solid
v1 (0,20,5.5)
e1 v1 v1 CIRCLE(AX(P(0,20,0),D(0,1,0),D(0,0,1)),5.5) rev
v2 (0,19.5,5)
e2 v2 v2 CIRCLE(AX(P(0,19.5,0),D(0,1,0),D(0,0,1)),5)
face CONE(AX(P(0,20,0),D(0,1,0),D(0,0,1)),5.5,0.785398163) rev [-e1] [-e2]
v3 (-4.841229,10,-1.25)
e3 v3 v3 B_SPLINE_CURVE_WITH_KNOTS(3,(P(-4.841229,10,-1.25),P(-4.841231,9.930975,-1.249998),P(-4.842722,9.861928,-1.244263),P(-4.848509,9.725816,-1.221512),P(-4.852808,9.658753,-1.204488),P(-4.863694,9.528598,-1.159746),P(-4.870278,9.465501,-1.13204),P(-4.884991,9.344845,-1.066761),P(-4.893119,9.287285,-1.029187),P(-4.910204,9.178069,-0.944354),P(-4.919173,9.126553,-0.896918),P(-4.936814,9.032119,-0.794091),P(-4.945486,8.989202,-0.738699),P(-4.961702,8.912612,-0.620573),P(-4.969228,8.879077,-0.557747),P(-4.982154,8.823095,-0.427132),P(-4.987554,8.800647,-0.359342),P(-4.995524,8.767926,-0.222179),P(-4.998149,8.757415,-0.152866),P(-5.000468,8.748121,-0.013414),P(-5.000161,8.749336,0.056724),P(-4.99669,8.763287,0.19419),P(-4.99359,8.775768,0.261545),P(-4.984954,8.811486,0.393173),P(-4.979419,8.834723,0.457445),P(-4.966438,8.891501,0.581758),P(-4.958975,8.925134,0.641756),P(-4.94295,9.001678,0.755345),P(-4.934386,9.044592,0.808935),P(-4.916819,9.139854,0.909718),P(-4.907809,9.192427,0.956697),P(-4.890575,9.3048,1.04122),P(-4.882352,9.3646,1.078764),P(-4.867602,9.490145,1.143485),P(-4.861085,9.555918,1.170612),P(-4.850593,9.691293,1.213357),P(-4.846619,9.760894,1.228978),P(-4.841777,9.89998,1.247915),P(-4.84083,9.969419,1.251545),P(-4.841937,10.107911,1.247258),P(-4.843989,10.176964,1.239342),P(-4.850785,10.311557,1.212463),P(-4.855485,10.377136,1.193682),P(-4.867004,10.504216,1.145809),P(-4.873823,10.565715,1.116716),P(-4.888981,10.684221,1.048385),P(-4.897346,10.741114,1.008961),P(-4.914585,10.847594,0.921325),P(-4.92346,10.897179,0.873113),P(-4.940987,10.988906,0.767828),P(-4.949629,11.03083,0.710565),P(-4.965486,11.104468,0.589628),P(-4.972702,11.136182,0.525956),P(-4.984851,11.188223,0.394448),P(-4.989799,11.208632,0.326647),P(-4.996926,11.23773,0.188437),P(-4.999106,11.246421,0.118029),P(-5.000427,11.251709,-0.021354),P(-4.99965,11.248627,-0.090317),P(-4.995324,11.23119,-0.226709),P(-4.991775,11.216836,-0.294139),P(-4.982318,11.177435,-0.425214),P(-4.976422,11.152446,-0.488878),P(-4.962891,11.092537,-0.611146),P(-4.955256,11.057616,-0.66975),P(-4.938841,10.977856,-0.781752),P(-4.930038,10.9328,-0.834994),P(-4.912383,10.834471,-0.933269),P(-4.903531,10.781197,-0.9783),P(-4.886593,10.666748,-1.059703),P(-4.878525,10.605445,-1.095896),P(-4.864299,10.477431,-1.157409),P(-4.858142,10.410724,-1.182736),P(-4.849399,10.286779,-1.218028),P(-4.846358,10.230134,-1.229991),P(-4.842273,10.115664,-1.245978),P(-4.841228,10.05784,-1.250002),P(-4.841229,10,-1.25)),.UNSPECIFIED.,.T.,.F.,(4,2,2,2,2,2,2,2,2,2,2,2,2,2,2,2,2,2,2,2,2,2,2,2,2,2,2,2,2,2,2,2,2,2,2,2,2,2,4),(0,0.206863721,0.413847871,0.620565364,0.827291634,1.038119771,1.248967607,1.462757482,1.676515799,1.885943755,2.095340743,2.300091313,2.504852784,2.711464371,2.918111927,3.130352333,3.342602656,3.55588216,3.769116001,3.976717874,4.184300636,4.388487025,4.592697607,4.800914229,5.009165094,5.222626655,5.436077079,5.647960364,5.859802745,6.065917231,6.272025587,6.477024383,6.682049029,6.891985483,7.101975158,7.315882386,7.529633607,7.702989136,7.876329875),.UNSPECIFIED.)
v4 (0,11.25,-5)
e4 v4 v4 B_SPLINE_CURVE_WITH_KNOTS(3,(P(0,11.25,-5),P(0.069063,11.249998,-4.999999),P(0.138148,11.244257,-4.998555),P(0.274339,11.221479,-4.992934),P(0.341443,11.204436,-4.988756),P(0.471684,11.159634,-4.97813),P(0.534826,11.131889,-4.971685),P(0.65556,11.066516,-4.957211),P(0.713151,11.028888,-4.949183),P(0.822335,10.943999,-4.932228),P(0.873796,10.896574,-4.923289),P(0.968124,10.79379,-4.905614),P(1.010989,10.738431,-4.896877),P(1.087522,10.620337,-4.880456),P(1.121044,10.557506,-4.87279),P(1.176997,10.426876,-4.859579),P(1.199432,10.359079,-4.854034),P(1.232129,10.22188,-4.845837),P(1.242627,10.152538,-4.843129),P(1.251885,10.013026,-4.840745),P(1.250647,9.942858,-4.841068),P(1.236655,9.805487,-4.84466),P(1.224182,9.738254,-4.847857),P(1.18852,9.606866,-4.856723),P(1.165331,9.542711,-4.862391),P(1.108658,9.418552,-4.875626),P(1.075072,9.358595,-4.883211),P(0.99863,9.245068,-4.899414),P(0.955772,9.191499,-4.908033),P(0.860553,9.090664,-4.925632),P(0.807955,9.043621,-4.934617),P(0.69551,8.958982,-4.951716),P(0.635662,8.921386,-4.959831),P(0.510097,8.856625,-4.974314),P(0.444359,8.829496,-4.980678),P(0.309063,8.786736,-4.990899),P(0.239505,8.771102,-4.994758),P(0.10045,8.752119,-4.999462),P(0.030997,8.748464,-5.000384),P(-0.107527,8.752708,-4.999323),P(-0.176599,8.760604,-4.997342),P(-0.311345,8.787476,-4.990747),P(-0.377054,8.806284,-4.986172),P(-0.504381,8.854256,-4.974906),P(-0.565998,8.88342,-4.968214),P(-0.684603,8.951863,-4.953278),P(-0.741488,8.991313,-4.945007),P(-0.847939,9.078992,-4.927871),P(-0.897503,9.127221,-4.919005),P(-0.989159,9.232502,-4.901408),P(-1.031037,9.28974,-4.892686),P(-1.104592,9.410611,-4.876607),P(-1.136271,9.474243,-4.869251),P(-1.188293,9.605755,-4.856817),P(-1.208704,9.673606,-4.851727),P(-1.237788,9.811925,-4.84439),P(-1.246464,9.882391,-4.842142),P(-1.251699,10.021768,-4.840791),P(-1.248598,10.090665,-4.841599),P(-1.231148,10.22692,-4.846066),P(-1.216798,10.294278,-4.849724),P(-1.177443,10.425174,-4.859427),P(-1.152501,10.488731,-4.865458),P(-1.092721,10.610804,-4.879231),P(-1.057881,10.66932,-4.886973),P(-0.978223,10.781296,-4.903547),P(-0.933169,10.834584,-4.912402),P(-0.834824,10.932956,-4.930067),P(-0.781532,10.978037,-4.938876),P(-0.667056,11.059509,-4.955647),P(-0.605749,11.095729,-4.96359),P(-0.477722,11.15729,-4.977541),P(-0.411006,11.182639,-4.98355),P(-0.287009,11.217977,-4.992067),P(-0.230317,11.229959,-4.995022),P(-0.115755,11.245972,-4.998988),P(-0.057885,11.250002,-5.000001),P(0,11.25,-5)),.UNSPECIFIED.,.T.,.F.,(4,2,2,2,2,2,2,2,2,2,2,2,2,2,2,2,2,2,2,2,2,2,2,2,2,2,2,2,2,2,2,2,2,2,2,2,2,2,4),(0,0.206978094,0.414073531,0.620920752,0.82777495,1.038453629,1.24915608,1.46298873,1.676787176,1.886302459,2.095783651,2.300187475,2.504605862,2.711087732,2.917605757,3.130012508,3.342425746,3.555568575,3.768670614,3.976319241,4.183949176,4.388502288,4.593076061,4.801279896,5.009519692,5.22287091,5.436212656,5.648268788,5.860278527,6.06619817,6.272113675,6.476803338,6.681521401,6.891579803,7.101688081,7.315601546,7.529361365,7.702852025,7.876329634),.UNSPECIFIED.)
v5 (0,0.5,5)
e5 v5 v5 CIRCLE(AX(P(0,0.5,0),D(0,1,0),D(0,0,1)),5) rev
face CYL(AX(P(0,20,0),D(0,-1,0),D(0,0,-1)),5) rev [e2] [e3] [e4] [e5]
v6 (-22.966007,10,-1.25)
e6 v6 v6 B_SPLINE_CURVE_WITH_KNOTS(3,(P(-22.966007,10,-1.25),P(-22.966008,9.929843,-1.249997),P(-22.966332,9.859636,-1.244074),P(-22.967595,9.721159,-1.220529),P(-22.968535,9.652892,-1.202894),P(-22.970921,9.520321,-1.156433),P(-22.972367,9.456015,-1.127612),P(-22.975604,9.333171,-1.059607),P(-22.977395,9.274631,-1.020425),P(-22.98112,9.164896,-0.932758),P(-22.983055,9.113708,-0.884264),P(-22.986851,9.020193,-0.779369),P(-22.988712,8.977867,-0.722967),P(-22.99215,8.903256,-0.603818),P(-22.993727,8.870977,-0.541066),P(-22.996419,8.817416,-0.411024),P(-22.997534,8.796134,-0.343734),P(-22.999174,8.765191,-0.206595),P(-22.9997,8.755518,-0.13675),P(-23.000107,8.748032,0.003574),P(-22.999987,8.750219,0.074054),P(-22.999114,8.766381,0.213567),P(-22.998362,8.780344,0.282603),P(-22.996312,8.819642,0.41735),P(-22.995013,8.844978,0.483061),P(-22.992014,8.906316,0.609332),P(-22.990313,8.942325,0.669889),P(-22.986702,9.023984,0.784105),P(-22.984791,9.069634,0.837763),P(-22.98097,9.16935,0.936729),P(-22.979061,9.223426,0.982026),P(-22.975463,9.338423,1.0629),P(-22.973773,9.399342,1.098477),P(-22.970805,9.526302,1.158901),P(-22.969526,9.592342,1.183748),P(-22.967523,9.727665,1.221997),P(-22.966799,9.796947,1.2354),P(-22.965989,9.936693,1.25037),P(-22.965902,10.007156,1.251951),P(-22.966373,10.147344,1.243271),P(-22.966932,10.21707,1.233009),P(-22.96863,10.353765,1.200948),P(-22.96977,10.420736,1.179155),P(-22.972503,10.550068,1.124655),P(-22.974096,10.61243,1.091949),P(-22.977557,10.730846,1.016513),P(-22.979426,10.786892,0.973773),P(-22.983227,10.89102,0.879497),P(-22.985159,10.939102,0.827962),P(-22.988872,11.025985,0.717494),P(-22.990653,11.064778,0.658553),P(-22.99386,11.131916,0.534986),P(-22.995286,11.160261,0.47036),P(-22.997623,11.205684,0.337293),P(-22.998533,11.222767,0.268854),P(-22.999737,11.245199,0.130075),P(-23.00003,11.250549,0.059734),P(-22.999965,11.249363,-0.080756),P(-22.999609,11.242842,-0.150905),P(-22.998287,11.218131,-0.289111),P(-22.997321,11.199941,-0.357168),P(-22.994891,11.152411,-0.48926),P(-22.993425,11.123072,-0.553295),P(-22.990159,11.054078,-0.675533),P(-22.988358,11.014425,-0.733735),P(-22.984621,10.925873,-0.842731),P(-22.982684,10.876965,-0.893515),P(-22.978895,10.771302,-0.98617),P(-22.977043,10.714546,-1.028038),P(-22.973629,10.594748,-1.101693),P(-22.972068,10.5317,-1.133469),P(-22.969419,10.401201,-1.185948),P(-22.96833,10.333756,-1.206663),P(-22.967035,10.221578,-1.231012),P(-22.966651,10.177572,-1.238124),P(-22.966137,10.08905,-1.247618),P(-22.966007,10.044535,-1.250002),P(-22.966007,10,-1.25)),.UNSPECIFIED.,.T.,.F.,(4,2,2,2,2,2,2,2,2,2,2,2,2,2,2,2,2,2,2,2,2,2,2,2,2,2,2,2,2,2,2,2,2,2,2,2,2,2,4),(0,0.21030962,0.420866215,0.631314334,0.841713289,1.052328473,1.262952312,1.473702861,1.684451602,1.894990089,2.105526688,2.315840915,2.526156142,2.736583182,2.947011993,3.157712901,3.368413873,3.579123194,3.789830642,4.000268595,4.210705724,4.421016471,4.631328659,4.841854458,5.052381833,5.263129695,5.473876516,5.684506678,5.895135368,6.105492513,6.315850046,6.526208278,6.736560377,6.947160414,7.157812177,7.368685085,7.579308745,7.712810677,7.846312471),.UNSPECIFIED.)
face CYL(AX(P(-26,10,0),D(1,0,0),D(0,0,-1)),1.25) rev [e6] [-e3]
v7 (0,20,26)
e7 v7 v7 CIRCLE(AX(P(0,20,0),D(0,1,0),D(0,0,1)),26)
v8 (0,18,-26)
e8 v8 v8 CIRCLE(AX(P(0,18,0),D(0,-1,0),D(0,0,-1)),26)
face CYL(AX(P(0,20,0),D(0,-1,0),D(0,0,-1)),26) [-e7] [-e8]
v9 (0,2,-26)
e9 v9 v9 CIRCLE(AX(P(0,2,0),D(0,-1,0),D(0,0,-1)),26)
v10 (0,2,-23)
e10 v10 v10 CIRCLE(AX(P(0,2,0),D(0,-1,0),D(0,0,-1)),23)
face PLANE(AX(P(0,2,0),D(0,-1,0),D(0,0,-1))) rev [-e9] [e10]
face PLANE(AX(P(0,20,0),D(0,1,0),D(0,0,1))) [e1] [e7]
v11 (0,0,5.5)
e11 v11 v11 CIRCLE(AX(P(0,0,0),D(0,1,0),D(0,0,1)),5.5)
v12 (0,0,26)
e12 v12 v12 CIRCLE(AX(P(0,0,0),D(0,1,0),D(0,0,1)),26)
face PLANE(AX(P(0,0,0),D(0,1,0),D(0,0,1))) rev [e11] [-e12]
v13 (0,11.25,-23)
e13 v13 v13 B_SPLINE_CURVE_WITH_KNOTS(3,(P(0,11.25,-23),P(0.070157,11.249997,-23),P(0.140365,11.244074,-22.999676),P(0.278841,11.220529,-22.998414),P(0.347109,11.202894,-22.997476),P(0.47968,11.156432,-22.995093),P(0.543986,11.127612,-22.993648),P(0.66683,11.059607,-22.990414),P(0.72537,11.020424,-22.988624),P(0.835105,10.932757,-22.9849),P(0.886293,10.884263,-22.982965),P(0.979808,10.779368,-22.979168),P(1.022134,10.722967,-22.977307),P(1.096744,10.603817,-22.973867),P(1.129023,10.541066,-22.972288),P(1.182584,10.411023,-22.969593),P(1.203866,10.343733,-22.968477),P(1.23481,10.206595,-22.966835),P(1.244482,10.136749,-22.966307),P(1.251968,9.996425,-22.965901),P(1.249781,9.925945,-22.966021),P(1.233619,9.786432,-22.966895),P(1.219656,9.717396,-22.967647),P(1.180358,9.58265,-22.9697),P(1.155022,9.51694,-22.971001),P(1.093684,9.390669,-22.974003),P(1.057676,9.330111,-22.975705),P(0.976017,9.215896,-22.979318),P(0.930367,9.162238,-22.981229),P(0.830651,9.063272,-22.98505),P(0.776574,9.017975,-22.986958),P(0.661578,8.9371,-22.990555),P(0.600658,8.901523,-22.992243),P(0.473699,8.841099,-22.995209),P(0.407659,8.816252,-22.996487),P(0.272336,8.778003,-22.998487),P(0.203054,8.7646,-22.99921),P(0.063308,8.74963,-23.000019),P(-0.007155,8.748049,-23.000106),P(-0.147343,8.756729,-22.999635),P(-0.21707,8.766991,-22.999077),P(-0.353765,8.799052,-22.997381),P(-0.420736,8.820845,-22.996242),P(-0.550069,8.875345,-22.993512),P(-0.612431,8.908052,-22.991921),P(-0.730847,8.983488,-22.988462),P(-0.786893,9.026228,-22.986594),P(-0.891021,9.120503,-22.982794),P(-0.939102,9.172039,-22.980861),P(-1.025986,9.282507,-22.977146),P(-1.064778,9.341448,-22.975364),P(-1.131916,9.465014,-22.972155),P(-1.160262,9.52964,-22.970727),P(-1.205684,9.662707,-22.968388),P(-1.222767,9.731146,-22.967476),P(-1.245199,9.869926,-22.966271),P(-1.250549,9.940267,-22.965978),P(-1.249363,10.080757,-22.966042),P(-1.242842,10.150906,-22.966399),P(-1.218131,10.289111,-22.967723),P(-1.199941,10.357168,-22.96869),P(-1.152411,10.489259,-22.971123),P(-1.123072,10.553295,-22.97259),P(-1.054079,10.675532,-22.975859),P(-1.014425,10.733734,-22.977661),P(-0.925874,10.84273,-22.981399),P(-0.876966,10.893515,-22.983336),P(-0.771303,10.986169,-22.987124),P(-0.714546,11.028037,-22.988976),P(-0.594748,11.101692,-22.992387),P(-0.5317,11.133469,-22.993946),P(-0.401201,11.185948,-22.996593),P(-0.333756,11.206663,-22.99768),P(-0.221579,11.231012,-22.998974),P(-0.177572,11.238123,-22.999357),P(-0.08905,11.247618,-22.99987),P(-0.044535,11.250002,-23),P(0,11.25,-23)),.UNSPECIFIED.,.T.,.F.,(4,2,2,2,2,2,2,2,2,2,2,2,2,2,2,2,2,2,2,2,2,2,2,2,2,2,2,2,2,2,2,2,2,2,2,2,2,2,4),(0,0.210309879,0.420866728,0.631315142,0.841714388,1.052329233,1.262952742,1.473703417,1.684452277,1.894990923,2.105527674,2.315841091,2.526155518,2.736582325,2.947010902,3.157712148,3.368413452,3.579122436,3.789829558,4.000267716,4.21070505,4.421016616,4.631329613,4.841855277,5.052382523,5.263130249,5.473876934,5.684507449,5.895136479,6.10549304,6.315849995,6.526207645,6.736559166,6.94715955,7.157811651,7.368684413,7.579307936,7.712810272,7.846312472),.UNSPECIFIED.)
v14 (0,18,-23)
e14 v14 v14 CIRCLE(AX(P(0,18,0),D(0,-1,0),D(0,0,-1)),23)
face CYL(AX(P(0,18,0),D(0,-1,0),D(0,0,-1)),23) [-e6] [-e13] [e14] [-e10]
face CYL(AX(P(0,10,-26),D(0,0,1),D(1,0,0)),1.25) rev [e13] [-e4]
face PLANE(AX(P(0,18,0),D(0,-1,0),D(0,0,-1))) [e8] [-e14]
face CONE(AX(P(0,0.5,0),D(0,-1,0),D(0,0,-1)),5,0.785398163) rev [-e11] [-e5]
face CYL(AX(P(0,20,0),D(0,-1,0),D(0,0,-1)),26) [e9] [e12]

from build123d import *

# Parameters (mm, degrees)
SKETCH_1_R          = 26
EXTRUDE_1_DEPTH     = 20
CUT_EXTRUDE_START   = -2
SKETCH_2_R          = 26
SKETCH_2_R_2        = 23
CUT_EXTRUDE_1_DEPTH = 16
SKETCH_3_R          = 5
CUT_EXTRUDE_2_DEPTH = 42.856899073
CHAMFER_1_SIZE      = 0.5
SKETCH_4_R          = 1.25
CUT_EXTRUDE_3_DEPTH = 42.856899073
SKETCH_5_R          = 1.25
CUT_EXTRUDE_4_DEPTH = 42.856899073


with BuildPart() as part:
    # 草图1 → 凸台-拉伸1 (new body)
    with BuildSketch(Plane(origin=(0, 0, 0), x_dir=(1, 0, 0), z_dir=(0, 1, 0))):
        with Locations(Location((0, 0, 0), (0, 0, 270))):
            Circle(SKETCH_1_R)
    extrude(amount=EXTRUDE_1_DEPTH)

    # 草图2 → 切除-拉伸1 (cut)
    with BuildSketch(Plane.XZ.offset(CUT_EXTRUDE_START)):
        with Locations(Location((0, 0, 0), (0, 0, 270))):
            Circle(SKETCH_2_R)
        with Locations(Location((0, 0, 0), (0, 0, 270))):
            Circle(SKETCH_2_R_2, mode=Mode.SUBTRACT)
    extrude(amount=-CUT_EXTRUDE_1_DEPTH, mode=Mode.SUBTRACT)

    # 草图3 → 切除-拉伸2 (cut, through all)
    with BuildSketch(Plane.XZ):
        with Locations(Location((0, 0, 0), (0, 0, 270))):
            Circle(SKETCH_3_R)
    extrude(amount=-CUT_EXTRUDE_2_DEPTH, mode=Mode.SUBTRACT)

    # 倒角1
    chamfer_1_edges = [part.edges().sort_by_distance(p)[0] for p in [
        (0, 20, 5),
        (0, 0, 5),
    ]]
    chamfer(chamfer_1_edges, length=CHAMFER_1_SIZE)

    # 草图4 → 切除-拉伸3 (cut, through all)
    with BuildSketch(Plane.XY):
        with Locations(Location((0, 10, 0), (0, 0, 90))):
            Circle(SKETCH_4_R)
    extrude(amount=-CUT_EXTRUDE_3_DEPTH, mode=Mode.SUBTRACT)

    # 草图5 → 切除-拉伸4 (cut, through all)
    with BuildSketch(Plane(origin=(0, 0, 0), x_dir=(0, 0, -1), z_dir=(1, 0, 0))):
        with Locations((0, 10)):
            Circle(SKETCH_5_R)
    extrude(amount=-CUT_EXTRUDE_4_DEPTH, mode=Mode.SUBTRACT)


solid = part.part
